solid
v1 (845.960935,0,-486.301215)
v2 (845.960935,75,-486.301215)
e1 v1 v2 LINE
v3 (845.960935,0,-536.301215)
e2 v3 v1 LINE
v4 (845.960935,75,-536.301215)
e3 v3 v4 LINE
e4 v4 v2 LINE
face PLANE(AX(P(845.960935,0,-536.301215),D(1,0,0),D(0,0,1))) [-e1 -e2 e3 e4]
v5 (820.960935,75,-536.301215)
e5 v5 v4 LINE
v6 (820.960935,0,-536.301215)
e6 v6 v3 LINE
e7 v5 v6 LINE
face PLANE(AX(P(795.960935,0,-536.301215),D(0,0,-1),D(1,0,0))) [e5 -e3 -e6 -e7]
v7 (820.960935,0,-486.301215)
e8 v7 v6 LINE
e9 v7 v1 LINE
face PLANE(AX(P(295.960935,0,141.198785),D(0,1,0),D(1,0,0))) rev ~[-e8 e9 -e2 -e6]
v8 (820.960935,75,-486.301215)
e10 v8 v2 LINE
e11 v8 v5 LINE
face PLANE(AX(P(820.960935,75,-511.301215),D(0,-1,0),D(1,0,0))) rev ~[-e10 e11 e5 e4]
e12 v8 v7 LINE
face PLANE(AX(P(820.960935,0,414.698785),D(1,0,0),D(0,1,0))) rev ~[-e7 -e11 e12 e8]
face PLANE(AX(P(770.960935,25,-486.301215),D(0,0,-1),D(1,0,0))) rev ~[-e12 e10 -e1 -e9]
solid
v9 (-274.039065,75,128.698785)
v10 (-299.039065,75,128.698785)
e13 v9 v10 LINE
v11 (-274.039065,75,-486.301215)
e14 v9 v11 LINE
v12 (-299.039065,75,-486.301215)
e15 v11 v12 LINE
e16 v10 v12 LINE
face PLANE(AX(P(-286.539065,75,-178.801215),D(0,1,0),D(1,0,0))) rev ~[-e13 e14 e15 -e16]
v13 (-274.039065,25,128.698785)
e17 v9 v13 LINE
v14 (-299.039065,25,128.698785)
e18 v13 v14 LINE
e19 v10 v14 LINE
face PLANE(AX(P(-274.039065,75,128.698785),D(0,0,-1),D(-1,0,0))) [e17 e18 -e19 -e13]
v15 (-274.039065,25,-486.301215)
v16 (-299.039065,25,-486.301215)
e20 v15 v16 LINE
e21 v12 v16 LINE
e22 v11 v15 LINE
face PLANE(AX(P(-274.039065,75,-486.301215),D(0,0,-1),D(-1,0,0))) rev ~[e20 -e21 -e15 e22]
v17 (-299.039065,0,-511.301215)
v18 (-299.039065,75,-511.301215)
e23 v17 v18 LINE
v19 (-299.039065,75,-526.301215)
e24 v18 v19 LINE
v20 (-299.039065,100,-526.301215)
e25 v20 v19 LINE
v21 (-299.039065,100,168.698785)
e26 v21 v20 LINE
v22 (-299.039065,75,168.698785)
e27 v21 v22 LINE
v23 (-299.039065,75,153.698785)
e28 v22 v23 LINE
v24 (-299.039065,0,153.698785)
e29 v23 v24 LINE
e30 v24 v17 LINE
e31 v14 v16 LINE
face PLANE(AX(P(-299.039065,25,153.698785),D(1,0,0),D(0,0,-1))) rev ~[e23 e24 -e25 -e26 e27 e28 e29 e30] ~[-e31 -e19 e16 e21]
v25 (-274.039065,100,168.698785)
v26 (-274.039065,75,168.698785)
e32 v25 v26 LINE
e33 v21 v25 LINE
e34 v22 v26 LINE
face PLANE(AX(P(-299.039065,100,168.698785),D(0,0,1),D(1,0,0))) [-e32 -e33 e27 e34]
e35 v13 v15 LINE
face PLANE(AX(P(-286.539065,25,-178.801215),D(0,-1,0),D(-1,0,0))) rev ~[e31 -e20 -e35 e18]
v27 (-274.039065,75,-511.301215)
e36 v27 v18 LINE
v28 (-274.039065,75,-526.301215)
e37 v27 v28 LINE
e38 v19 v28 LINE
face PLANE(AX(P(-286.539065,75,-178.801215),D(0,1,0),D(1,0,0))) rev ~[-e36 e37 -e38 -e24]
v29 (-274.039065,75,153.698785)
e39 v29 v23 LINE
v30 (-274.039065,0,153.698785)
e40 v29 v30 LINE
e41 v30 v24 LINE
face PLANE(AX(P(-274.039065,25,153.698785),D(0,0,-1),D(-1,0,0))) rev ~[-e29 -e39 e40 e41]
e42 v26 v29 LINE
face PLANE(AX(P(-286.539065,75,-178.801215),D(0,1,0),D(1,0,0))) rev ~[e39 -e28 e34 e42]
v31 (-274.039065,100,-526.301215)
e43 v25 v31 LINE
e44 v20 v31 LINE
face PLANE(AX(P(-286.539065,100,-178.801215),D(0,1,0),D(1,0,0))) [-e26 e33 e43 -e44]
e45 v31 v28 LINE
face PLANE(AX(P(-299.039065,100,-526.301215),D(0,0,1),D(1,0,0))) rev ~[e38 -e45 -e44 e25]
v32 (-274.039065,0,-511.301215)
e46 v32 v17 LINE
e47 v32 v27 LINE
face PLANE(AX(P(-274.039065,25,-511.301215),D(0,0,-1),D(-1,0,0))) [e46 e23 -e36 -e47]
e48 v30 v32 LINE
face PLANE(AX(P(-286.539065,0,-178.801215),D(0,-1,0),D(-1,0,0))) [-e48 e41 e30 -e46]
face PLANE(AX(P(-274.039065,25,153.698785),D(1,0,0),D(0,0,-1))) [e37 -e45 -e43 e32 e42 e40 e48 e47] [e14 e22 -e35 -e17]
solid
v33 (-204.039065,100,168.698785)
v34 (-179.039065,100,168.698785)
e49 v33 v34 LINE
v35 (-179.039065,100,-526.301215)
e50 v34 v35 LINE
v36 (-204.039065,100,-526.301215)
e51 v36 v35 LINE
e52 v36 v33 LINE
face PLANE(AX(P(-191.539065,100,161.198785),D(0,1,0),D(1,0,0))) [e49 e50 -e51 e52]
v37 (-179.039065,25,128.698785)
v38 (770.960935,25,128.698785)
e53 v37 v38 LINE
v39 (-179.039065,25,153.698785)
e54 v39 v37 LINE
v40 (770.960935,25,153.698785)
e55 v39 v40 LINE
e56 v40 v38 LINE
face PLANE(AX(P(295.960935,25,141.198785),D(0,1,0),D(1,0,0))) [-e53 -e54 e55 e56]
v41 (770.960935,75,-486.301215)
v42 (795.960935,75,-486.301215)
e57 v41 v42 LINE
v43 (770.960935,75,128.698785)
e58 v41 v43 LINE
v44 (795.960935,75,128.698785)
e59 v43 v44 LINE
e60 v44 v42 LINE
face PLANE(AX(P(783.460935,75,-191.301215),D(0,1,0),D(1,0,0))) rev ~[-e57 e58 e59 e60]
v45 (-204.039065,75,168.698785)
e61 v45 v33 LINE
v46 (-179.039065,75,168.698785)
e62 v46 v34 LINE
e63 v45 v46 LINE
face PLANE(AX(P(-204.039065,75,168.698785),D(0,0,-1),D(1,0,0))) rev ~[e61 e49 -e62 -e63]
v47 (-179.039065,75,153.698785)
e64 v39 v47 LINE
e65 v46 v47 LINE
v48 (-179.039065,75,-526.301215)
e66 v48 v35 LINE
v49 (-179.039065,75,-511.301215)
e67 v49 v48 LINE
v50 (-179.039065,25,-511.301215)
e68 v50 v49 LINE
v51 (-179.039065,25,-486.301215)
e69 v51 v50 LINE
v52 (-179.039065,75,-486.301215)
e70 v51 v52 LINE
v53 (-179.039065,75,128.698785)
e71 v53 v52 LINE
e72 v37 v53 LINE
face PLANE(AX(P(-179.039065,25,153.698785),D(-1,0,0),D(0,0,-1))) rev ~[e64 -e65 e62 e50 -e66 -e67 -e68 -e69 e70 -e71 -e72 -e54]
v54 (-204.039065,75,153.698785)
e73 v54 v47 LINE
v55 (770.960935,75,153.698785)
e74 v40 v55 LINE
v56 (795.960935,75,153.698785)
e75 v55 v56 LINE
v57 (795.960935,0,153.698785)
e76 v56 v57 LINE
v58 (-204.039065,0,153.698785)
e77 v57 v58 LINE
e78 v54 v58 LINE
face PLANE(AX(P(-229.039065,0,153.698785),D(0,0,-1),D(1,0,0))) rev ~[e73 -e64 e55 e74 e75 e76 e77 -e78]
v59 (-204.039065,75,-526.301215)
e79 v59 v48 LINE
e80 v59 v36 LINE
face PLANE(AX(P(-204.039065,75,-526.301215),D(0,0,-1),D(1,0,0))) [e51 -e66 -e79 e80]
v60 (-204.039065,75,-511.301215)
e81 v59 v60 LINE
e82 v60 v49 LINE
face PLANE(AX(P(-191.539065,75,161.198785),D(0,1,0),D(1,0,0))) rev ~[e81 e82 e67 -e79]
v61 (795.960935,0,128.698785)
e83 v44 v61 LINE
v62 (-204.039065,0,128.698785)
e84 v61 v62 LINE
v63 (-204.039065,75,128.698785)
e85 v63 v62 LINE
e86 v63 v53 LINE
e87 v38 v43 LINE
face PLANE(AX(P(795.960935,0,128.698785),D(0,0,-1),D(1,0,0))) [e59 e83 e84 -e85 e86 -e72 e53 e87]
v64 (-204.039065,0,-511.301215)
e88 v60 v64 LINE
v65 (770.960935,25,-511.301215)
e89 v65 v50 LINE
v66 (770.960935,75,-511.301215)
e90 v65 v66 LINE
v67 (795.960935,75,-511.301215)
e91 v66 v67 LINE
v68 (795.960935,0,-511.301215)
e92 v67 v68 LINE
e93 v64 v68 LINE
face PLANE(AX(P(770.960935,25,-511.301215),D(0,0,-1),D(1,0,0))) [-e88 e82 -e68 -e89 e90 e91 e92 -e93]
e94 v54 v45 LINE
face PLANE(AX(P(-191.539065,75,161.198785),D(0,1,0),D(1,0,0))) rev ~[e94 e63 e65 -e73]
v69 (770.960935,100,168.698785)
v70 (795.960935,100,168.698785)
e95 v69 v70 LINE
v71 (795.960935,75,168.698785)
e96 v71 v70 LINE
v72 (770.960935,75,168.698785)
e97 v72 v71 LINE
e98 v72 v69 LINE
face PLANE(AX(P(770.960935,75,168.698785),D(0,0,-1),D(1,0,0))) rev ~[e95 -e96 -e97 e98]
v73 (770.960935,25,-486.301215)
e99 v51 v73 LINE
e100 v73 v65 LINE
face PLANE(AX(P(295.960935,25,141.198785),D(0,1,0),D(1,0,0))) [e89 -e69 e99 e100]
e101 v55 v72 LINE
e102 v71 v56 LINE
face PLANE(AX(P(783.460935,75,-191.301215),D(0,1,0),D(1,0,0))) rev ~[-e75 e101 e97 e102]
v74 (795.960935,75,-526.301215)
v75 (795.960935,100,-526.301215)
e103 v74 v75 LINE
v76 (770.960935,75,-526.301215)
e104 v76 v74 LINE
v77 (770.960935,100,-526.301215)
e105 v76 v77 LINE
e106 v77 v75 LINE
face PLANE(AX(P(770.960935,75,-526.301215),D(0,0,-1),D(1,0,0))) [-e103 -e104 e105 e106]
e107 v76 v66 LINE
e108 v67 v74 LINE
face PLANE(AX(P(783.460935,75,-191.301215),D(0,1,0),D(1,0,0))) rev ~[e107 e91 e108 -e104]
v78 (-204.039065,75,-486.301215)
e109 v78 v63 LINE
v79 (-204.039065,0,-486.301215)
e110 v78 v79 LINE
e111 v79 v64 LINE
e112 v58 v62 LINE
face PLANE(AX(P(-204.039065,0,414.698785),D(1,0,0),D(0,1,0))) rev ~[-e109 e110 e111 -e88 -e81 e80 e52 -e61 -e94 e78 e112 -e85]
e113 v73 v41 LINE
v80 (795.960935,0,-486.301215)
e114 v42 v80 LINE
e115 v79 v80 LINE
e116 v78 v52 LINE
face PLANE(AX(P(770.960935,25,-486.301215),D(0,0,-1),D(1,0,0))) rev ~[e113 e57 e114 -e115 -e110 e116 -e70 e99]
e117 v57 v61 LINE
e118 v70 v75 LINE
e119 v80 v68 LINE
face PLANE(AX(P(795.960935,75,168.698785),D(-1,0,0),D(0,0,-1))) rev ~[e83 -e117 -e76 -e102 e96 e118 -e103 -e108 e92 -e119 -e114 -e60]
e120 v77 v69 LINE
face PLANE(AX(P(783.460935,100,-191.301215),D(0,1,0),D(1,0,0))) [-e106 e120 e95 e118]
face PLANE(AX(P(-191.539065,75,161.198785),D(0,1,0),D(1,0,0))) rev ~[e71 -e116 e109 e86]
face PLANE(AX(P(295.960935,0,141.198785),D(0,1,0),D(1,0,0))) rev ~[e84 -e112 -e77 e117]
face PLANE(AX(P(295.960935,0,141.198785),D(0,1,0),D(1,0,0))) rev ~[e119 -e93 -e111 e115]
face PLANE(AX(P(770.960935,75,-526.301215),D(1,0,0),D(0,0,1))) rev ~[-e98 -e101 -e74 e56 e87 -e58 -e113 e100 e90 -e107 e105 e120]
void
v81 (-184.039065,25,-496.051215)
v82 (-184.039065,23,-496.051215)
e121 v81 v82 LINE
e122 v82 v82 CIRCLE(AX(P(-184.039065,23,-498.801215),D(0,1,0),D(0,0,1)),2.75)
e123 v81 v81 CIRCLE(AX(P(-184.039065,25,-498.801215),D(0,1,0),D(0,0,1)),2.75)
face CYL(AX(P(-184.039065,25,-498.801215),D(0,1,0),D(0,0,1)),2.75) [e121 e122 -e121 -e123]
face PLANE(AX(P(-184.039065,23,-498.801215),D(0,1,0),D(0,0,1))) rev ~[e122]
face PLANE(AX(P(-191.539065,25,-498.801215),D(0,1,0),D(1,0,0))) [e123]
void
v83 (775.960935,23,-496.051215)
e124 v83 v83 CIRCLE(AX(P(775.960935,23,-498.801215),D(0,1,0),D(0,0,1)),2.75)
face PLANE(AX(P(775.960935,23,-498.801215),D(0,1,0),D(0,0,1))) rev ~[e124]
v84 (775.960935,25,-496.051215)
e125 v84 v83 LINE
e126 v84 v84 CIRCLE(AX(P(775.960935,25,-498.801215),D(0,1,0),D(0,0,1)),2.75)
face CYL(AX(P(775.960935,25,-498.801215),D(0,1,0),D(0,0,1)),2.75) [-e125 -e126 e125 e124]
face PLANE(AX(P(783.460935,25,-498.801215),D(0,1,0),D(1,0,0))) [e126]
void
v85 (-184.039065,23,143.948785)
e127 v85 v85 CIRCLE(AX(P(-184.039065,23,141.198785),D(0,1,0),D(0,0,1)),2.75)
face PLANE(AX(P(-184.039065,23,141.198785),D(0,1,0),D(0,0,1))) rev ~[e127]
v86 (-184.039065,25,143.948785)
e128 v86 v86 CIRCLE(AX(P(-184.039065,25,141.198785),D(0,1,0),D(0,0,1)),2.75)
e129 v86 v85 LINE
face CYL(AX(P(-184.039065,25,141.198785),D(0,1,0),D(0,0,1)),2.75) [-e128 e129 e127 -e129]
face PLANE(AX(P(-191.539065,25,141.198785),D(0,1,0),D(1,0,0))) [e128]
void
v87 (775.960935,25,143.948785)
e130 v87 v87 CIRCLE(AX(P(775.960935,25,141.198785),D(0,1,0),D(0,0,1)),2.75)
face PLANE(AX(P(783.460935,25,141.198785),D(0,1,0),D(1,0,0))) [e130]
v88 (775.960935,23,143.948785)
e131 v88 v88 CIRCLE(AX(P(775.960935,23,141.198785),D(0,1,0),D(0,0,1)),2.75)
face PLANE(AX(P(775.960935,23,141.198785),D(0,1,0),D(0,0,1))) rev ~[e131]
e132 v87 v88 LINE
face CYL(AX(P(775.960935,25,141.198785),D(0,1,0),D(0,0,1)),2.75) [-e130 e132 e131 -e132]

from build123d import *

# Parameters (mm, degrees)
ESQUISSE1_W                  = 1000
ESQUISSE1_H                  = 25
ESQUISSE1_W_2                = 25
ESQUISSE1_H_2                = 665
BOSS_EXTRU_1_DEPTH           = 25
ESQUISSE2_R                  = 2.75
ENL_V_MAT_EXTRU_1_DEPTH      = 2
ESQUISSE4_W                  = 25
ESQUISSE4_H                  = 25
ESQUISSE4_W_2                = 50
ESQUISSE4_H_2                = 50
BOSS_EXTRU_3_DEPTH           = 75
ESQUISSE5_W                  = 25
ESQUISSE5_H                  = 20
ESQUISSE5_H_2                = 665
ESQUISSE5_H_3                = 25
ESQUISSE5_H_4                = 45
BOSS_EXTRU_4_DEPTH           = 25
ESQUISSE7_W                  = 615
ESQUISSE7_H                  = 25
ENL_V_MAT_EXTRU_2_DEPTH      = 1188
ESQUISSE8_W                  = 25
ESQUISSE8_H                  = 25
BOSS_EXTRU_7_DEPTH           = 50
ENL_V_MAT_EXTRU_3_DEPTH      = 216
ENL_V_MAT_EXTRU_3_DEPTH_BACK = 926
ESQUISSE9_W                  = 25
ESQUISSE9_H                  = 110.20058498
ESQUISSE9_H_2                = 152.237643614
ESQUISSE10_W                 = 25
ESQUISSE10_H                 = 640
ESQUISSE10_H_2               = 25
ESQUISSE10_H_3               = 15
ESQUISSE10_H_4               = 665
BOSS_EXTRU_8_DEPTH           = 25
ESQUISSE12_W                 = 25
ESQUISSE12_H                 = 695
BOSS_EXTRU_10_DEPTH          = 25
ESQUISSE13_W                 = 25
ESQUISSE13_H                 = 25
BOSS_EXTRU_11_DEPTH          = 50
ESQUISSE14_W                 = 25
ESQUISSE14_H                 = 665
BOSS_EXTRU_12_DEPTH          = 25


with BuildPart() as part:
    # Esquisse1 → Boss.-Extru.1 (new body)
    with BuildSketch(Plane(origin=(0, 0, 0), x_dir=(1, 0, 0), z_dir=(0, 1, 0))):
        with Locations((295.960935162, -141.198785334)):
            Rectangle(ESQUISSE1_W, ESQUISSE1_H)
        with Locations((295.960935162, 498.801214666)):
            Rectangle(ESQUISSE1_W, ESQUISSE1_H)
        with Locations((-216.539064838, 178.801214666)):
            Rectangle(ESQUISSE1_W_2, ESQUISSE1_H_2)
        with Locations((808.460935162, 178.801214666)):
            Rectangle(ESQUISSE1_W_2, ESQUISSE1_H_2)
    extrude(amount=BOSS_EXTRU_1_DEPTH)

    # Esquisse2 → Enlèv. mat.-Extru.1 (cut)
    with BuildSketch(Plane(origin=(0, 25, 0), x_dir=(1, 0, 0), z_dir=(0, 1, 0))):
        with Locations(Location((-184.039064838, -141.198785334, 0), (0, 0, 270))):
            Circle(ESQUISSE2_R)
        with Locations(Location((775.960935162, -141.198785334, 0), (0, 0, 270))):
            Circle(ESQUISSE2_R)
        with Locations(Location((775.960935162, 498.801214666, 0), (0, 0, 270))):
            Circle(ESQUISSE2_R)
        with Locations(Location((-184.039064838, 498.801214666, 0), (0, 0, 270))):
            Circle(ESQUISSE2_R)
    extrude(amount=-ENL_V_MAT_EXTRU_1_DEPTH, mode=Mode.SUBTRACT)

    # Esquisse4 → Boss.-Extru.3 (add)
    with BuildSketch(Plane.XZ):
        with Locations((808.460935162, 141.198785334)):
            Rectangle(ESQUISSE4_W, ESQUISSE4_H)
        with Locations((-216.539064838, 141.198785334)):
            Rectangle(ESQUISSE4_W, ESQUISSE4_H)
        with Locations((-216.539064838, -498.801214666)):
            Rectangle(ESQUISSE4_W, ESQUISSE4_H)
        with Locations((820.960935162, -511.301214666)):
            Rectangle(ESQUISSE4_W_2, ESQUISSE4_H_2)
    extrude(amount=-BOSS_EXTRU_3_DEPTH)

    # Esquisse5 → Boss.-Extru.4 (add)
    with BuildSketch(Plane(origin=(0, 75, 0), x_dir=(1, 0, 0), z_dir=(0, 1, 0))):
        with Locations((808.460935162, -163.698785334)):
            Rectangle(ESQUISSE5_W, ESQUISSE5_H)
        with Locations((808.460935162, 203.801214666)):
            Rectangle(ESQUISSE5_W, ESQUISSE5_H_2)
        with Locations((808.460935162, -141.198785334)):
            Rectangle(ESQUISSE5_W, ESQUISSE5_H_3)
        with Locations((808.460935162, 546.301214666)):
            Rectangle(ESQUISSE5_W, ESQUISSE5_H)
        with Locations((-216.539064838, 178.801214666)):
            Rectangle(ESQUISSE5_W, ESQUISSE5_H_2)
        with Locations((-216.539064838, -163.698785334)):
            Rectangle(ESQUISSE5_W, ESQUISSE5_H)
        with Locations((-216.539064838, 533.801214666)):
            Rectangle(ESQUISSE5_W, ESQUISSE5_H_4)
    extrude(amount=BOSS_EXTRU_4_DEPTH)

    # Esquisse7 → Enlèv. mat.-Extru.2 (cut)
    with BuildSketch(Plane.ZY.offset(229.039064838)):
        with Locations((-178.801214666, 12.5)):
            Rectangle(ESQUISSE7_W, ESQUISSE7_H)
    extrude(amount=-ENL_V_MAT_EXTRU_2_DEPTH, mode=Mode.SUBTRACT)

    # Esquisse8 → Boss.-Extru.7 (add)
    with BuildSketch(Plane(origin=(0, 25, 0), x_dir=(1, 0, 0), z_dir=(0, 1, 0))):
        with Locations((783.460935162, 498.801214666)):
            Rectangle(ESQUISSE8_W, ESQUISSE8_H)
        with Locations((783.460935162, -141.198785334)):
            Rectangle(ESQUISSE8_W, ESQUISSE8_H)
        with Locations((-191.539064838, -141.198785334)):
            Rectangle(ESQUISSE8_W, ESQUISSE8_H)
        with Locations((-191.539064838, 498.801214666)):
            Rectangle(ESQUISSE8_W, ESQUISSE8_H)
    extrude(amount=BOSS_EXTRU_7_DEPTH)

    # Esquisse9 → Enlèv. mat.-Extru.3 (cut, two sides: drawn at the far end of the back side and taken through both)
    with BuildSketch(Plane(origin=(0, 0, -511.301214666), x_dir=(-1, 0, 0), z_dir=(0, 0, -1)).offset(-ENL_V_MAT_EXTRU_3_DEPTH_BACK)):
        with Locations((-808.460935162, 55.10029249)):
            Rectangle(ESQUISSE9_W, ESQUISSE9_H)
        with Locations((216.539064838, 76.118821807)):
            Rectangle(ESQUISSE9_W, ESQUISSE9_H_2)
    extrude(amount=ENL_V_MAT_EXTRU_3_DEPTH + ENL_V_MAT_EXTRU_3_DEPTH_BACK, mode=Mode.SUBTRACT)


with BuildPart() as enl_v_mat_extru_3_piece_1:
    # of the separate pieces the step leaves, piece 1, a body of its own (enl_v_mat_extru_3_pieces)
    add(part.part.solids().sort_by_distance((-204.039064838, 75, -486.301214666))[0])



with BuildPart() as enl_v_mat_extru_3_piece_2:
    # of the separate pieces the step leaves, piece 2, a body of its own (enl_v_mat_extru_3_pieces)
    add(part.part.solids().sort_by_distance((-204.039064838, 0, 153.698785334))[0])


with BuildPart() as enl_v_mat_extru_3_piece_3:
    # of the separate pieces the step leaves, piece 3, a body of its own (enl_v_mat_extru_3_pieces)
    add(part.part.solids().sort_by_distance((820.960935162, 75, -486.301214666))[0])


with BuildPart() as enl_v_mat_extru_3_piece_1_1:
    add(enl_v_mat_extru_3_piece_1.part)

    add(enl_v_mat_extru_3_piece_2.part)  # Boss.-Extru.8 merges Enlèv. mat.-Extru.3 piece 2
    # Esquisse10 → Boss.-Extru.8 (add)
    with BuildSketch(Plane(origin=(0, 75, 0), x_dir=(1, 0, 0), z_dir=(0, 1, 0))):
        with Locations((783.460935162, 191.301214666)):
            Rectangle(ESQUISSE10_W, ESQUISSE10_H)
        with Locations((783.460935162, -141.198785334)):
            Rectangle(ESQUISSE10_W, ESQUISSE10_H_2)
        with Locations((783.460935162, -161.198785334)):
            Rectangle(ESQUISSE10_W, ESQUISSE10_H_3)
        with Locations((783.460935162, 518.801214666)):
            Rectangle(ESQUISSE10_W, ESQUISSE10_H_3)
        with Locations((-191.539064838, -161.198785334)):
            Rectangle(ESQUISSE10_W, ESQUISSE10_H_3)
        with Locations((-191.539064838, 178.801214666)):
            Rectangle(ESQUISSE10_W, ESQUISSE10_H_4)
        with Locations((-191.539064838, 518.801214666)):
            Rectangle(ESQUISSE10_W, ESQUISSE10_H_3)
    extrude(amount=BOSS_EXTRU_8_DEPTH)


with BuildPart() as body_3:
    # Esquisse12 → Boss.-Extru.10 (new body)
    with BuildSketch(Plane(origin=(0, 100, 0), x_dir=(1, 0, 0), z_dir=(0, 1, 0))):
        with Locations((-286.539064838, 178.801214666)):
            Rectangle(ESQUISSE12_W, ESQUISSE12_H)
    extrude(amount=-BOSS_EXTRU_10_DEPTH)

    # Esquisse13 → Boss.-Extru.11 (add)
    with BuildSketch(Plane(origin=(0, 75, 0), x_dir=(-1, 0, 0), z_dir=(0, -1, 0))):
        with Locations((286.539064838, 498.801214666)):
            Rectangle(ESQUISSE13_W, ESQUISSE13_H)
        with Locations((286.539064838, -141.198785334)):
            Rectangle(ESQUISSE13_W, ESQUISSE13_H)
    extrude(amount=BOSS_EXTRU_11_DEPTH)

    # Esquisse14 → Boss.-Extru.12 (add)
    with BuildSketch(Plane(origin=(0, 25, 0), x_dir=(-1, 0, 0), z_dir=(0, -1, 0))):
        with Locations((286.539064838, 178.801214666)):
            Rectangle(ESQUISSE14_W, ESQUISSE14_H)
    extrude(amount=BOSS_EXTRU_12_DEPTH)


solid = Compound([enl_v_mat_extru_3_piece_3.part, enl_v_mat_extru_3_piece_1_1.part, body_3.part])
